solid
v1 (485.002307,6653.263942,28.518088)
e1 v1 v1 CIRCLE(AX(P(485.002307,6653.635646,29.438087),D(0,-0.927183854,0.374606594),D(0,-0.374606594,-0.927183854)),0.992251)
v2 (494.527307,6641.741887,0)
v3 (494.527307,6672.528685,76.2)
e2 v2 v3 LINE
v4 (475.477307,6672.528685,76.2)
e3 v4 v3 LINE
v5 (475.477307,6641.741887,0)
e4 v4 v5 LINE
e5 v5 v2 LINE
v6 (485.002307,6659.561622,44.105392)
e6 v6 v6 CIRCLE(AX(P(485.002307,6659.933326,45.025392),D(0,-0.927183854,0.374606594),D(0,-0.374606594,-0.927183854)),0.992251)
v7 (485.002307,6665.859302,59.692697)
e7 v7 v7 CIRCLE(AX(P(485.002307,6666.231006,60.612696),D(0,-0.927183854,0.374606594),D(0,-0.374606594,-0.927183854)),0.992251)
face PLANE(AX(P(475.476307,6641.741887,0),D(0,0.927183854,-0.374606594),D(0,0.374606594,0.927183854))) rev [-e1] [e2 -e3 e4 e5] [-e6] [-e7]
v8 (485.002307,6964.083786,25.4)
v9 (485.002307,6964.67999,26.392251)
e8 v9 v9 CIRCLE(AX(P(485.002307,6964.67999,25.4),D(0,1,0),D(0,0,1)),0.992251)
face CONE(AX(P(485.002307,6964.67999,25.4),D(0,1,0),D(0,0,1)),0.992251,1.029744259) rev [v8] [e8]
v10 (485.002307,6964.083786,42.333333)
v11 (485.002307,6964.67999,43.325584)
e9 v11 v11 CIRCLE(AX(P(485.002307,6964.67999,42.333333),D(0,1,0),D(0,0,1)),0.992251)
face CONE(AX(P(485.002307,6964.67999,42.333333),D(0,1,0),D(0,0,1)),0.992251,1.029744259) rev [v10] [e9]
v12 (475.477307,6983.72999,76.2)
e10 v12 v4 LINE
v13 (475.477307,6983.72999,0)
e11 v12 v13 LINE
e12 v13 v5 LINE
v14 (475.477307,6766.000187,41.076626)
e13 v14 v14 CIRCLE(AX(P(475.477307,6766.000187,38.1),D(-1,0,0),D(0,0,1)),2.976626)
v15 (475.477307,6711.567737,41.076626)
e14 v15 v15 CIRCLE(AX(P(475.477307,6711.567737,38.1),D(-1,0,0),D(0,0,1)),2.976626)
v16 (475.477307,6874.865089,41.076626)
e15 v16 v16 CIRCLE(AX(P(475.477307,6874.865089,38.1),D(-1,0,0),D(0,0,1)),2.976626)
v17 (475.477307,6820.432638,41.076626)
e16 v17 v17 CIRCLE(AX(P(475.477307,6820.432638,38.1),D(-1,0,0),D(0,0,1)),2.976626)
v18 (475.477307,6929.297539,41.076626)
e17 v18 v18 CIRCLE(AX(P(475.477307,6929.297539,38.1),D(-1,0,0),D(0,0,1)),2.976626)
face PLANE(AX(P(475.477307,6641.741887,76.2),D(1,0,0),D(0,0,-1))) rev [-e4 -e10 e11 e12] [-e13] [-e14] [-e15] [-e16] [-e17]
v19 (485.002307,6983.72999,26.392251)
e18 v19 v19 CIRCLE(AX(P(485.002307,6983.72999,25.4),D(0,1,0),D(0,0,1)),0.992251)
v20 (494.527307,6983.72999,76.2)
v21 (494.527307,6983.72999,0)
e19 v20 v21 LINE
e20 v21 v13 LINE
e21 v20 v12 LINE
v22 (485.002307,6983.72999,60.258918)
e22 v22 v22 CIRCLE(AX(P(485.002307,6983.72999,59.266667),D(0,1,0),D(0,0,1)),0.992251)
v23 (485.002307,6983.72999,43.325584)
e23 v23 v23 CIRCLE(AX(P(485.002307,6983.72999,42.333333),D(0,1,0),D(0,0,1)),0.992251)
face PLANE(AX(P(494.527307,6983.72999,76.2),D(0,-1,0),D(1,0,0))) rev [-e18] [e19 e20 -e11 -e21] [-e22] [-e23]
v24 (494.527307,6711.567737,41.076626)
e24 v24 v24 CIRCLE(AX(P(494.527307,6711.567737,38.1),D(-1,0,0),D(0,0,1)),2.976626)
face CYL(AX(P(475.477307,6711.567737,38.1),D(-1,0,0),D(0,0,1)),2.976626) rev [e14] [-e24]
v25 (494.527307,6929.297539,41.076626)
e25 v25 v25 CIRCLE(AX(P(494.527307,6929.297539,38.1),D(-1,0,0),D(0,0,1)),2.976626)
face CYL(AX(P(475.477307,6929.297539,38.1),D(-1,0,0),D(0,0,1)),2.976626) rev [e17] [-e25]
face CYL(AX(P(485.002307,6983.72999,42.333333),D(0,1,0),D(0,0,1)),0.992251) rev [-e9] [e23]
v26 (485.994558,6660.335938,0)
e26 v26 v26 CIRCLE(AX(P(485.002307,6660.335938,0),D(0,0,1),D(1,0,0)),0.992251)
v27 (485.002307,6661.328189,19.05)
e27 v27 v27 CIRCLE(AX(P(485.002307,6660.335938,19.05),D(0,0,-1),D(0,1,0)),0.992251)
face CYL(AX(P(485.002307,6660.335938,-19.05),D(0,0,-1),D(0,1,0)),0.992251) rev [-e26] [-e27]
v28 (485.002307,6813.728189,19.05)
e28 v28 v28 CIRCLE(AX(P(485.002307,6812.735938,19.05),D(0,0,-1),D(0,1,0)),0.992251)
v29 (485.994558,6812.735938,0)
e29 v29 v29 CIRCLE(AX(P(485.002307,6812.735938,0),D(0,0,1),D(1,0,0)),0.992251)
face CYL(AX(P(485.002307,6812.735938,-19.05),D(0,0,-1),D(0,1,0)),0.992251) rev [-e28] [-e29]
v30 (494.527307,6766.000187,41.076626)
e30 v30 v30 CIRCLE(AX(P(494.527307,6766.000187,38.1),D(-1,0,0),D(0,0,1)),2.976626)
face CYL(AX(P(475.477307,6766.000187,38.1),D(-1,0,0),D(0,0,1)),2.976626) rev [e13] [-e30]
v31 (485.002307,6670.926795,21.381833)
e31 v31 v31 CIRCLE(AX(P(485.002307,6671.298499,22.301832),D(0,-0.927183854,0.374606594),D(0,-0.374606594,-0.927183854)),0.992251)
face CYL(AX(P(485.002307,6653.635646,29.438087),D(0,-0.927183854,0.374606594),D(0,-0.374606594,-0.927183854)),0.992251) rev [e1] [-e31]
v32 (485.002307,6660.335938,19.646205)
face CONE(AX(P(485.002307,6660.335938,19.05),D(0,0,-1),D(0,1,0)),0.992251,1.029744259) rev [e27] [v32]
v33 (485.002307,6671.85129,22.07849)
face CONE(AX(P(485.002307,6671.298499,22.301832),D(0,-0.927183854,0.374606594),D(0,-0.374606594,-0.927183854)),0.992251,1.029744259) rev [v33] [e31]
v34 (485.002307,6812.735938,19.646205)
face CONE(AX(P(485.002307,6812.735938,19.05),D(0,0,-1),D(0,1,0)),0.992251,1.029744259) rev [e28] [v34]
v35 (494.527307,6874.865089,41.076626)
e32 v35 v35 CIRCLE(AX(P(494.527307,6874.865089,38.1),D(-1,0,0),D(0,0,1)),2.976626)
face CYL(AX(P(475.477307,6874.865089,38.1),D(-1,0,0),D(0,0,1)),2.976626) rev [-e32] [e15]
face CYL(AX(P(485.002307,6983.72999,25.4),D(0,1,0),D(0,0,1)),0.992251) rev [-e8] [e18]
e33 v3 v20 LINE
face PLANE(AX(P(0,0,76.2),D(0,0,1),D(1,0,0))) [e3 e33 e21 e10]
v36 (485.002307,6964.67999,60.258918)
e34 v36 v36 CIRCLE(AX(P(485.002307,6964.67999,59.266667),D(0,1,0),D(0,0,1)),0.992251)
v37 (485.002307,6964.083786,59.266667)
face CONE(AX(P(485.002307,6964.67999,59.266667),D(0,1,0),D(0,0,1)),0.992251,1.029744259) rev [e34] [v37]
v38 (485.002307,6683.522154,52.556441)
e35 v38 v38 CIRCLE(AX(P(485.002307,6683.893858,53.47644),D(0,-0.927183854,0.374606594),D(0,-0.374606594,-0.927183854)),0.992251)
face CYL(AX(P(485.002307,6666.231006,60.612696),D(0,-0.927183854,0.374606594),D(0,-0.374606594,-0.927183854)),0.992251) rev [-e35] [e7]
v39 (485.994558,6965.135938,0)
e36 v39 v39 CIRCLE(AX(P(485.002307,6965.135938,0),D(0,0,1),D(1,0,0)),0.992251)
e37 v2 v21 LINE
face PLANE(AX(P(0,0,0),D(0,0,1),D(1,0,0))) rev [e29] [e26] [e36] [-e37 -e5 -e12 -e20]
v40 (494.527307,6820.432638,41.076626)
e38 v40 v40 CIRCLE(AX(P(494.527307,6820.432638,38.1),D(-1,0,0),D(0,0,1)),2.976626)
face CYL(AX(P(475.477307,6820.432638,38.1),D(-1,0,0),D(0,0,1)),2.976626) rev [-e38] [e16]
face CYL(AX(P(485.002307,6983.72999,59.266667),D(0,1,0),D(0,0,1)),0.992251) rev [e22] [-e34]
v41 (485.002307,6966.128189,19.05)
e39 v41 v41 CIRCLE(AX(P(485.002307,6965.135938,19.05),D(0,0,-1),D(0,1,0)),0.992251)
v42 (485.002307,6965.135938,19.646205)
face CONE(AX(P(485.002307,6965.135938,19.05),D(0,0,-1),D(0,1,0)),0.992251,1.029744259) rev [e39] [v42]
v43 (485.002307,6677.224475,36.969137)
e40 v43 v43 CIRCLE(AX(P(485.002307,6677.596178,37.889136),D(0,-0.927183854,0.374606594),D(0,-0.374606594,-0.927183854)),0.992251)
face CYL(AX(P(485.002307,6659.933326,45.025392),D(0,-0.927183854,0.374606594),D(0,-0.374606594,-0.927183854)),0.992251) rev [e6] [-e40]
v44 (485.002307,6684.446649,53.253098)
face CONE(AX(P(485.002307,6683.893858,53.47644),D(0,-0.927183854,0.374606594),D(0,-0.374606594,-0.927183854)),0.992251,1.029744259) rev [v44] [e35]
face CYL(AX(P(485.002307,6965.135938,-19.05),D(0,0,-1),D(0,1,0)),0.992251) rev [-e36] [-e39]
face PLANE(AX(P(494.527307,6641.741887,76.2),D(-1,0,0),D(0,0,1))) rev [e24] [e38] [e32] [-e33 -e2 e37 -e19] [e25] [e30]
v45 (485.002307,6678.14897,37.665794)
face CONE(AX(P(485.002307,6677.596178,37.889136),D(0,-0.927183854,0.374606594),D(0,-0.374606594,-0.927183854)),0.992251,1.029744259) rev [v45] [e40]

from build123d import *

# Parameters (mm, degrees)
SKETCH1_W                            = 19.05
SKETCH1_H                            = 341.988103331
BOSS_EXTRUDE1_DEPTH                  = 76.2
CUT_EXTRUDE1_REACH                   = 21.05
F_5_64_0_07813_DIAMETER_HOLE1_D      = 1.984502
F_5_64_0_07813_DIAMETER_HOLE1_DEPTH  = 38.1
F_5_64_0_07813_DIAMETER_HOLE1_TIP    = 0.59620455
F_5_64_0_07813_DIAMETER_HOLE2_D      = 1.984502
F_5_64_0_07813_DIAMETER_HOLE2_DEPTH  = 38.1
F_5_64_0_07813_DIAMETER_HOLE2_TIP    = 0.59620455
F_5_64_0_07813_DIAMETER_HOLE3_D      = 1.984502
F_5_64_0_07813_DIAMETER_HOLE3_DEPTH  = 19.05
F_5_64_0_07813_DIAMETER_HOLE3_TIP    = 0.59620455
F_5_64_0_07813_DIAMETER_HOLE4_D      = 1.984502
F_5_64_0_07813_DIAMETER_HOLE4_DEPTH  = 19.05
F_5_64_0_07813_DIAMETER_HOLE4_TIP    = 0.59620455
F_15_64_0_23438_DIAMETER_HOLE1_D     = 5.953252
F_15_64_0_23438_DIAMETER_HOLE1_DEPTH = 19.05


with BuildPart() as part:
    # Sketch1 → Boss-Extrude1 (new body)
    with BuildSketch(Plane.XY):
        with Locations((485.002307398, 6812.735938475)):
            Rectangle(SKETCH1_W, SKETCH1_H)
    extrude(amount=BOSS_EXTRUDE1_DEPTH)

    # Sketch2 → Cut-Extrude1 (cut, up to next)
    with BuildSketch(Plane(origin=(494.527307398, 0, 0), x_dir=(0, 0, -1), z_dir=(1, 0, 0)), mode=Mode.PRIVATE) as cut_extrude1_sk1:
        Polygon((0, 6641.741886809), (-76.2, 6672.528685257), (-76.2, 6641.741886809), align=None)
    cut_extrude1_tool1 = extrude(cut_extrude1_sk1.sketch, amount=-CUT_EXTRUDE1_REACH, mode=Mode.PRIVATE) & part.part
    add(cut_extrude1_tool1.solids().sort_by_distance((494.527307, 6652.004153, 50.8))[0], mode=Mode.SUBTRACT)

    # 5/64 (0.07813) Diameter Hole1
    with Locations(Plane(origin=(0, -8e-09, -19.049996974), x_dir=(-1, 0, 0), z_dir=(0, 0, -1))):
        with Locations((-481.589248274, 6993.254992531), (-386.339248274, 6993.254992531), (-291.089248274, 6993.254992531), (-295.274999999, 6965.135938475), (-295.274999999, 6812.735938475), (-295.274999999, 6660.335938474), (-285.166362357, 6631.468843414), (-475.477307398, 6631.468752771), (-485.002307398, 6660.335938474), (-485.002307398, 6812.735938474), (-485.002307398, 6965.135938474), (-478.365617646, 6611.6708), (-287.865617646, 6611.6708), (-307.975, 6564.3379), (-307.975, 6488.1379), (-284.960913066, 6440.805), (-380.210913066, 6440.805), (-475.460913066, 6440.805), (-446.831312422, 6488.1379), (-446.831312422, 6564.3379), (-472.231312422, 6396.355), (-472.231312422, 6320.155), (-472.653156211, 6275.705000839), (-377.403156211, 6275.705000839), (-282.153156211, 6275.705000839), (-282.575, 6320.155), (-282.575, 6396.355), (-435.598646187, 6221.729999816), (-435.598646187, 6145.529999816), (-450.592518112, 6091.554999951), (-460.998646187, 6091.555478285), (-460.998646187, 6056.629999944), (-460.998646187, 5980.429999944), (-460.998646187, 5945.505000042), (-282.153156211, 5945.505000042), (-368.611823093, 5945.505000042)):
            Hole(F_5_64_0_07813_DIAMETER_HOLE1_D / 2, depth=F_5_64_0_07813_DIAMETER_HOLE1_DEPTH)
            with Locations((0, 0, -(F_5_64_0_07813_DIAMETER_HOLE1_DEPTH + F_5_64_0_07813_DIAMETER_HOLE1_TIP / 2))):  # 118° drill point
                Cone(0, F_5_64_0_07813_DIAMETER_HOLE1_D / 2, F_5_64_0_07813_DIAMETER_HOLE1_TIP, mode=Mode.SUBTRACT)

    # 5/64 (0.07813) Diameter Hole2
    with Locations(Plane(origin=(189.727307399, 0, -19.050000054), x_dir=(-1, 0, 0), z_dir=(0, 0, -1))):
        with Locations((-481.589248274, 6993.254992531), (-386.339248274, 6993.254992531), (-291.089248274, 6993.254992531), (-295.274999999, 6965.135938475), (-295.274999999, 6812.735938475), (-295.274999999, 6660.335938474), (-285.166362357, 6631.468843414), (-475.477307398, 6631.468752771), (-485.002307398, 6660.335938474), (-485.002307398, 6812.735938474), (-485.002307398, 6965.135938474), (-478.365617646, 6611.6708), (-287.865617646, 6611.6708), (-307.975, 6564.3379), (-307.975, 6488.1379), (-284.960913066, 6440.805), (-380.210913066, 6440.805), (-475.460913066, 6440.805), (-446.831312422, 6488.1379), (-446.831312422, 6564.3379), (-472.231312422, 6396.355), (-472.231312422, 6320.155), (-472.653156211, 6275.705000839), (-377.403156211, 6275.705000839), (-282.153156211, 6275.705000839), (-282.575, 6320.155), (-282.575, 6396.355), (-435.598646187, 6221.729999816), (-435.598646187, 6145.529999816), (-450.592518112, 6091.554999951), (-460.998646187, 6091.555478285), (-460.998646187, 6056.629999944), (-460.998646187, 5980.429999944), (-460.998646187, 5945.505000042), (-282.153156211, 5945.505000042), (-368.611823093, 5945.505000042)):
            Hole(F_5_64_0_07813_DIAMETER_HOLE2_D / 2, depth=F_5_64_0_07813_DIAMETER_HOLE2_DEPTH)
            with Locations((0, 0, -(F_5_64_0_07813_DIAMETER_HOLE2_DEPTH + F_5_64_0_07813_DIAMETER_HOLE2_TIP / 2))):  # 118° drill point
                Cone(0, F_5_64_0_07813_DIAMETER_HOLE2_D / 2, F_5_64_0_07813_DIAMETER_HOLE2_TIP, mode=Mode.SUBTRACT)

    # 5/64 (0.07813) Diameter Hole3
    with Locations(Plane(origin=(-4e-09, 6983.72999014, 0), x_dir=(1, 0, 0), z_dir=(0, 1, 0))):
        with Locations((485.002307402, -59.266666667), (485.002307402, -25.4), (485.002307402, -42.333333333)):
            Hole(F_5_64_0_07813_DIAMETER_HOLE3_D / 2, depth=F_5_64_0_07813_DIAMETER_HOLE3_DEPTH)
            with Locations((0, 0, -(F_5_64_0_07813_DIAMETER_HOLE3_DEPTH + F_5_64_0_07813_DIAMETER_HOLE3_TIP / 2))):  # 118° drill point
                Cone(0, F_5_64_0_07813_DIAMETER_HOLE3_D / 2, F_5_64_0_07813_DIAMETER_HOLE3_TIP, mode=Mode.SUBTRACT)

    # 5/64 (0.07813) Diameter Hole4
    with Locations(Plane(origin=(0, 5709.705582748, -2306.870800158), x_dir=(-1, 0, 0), z_dir=(0, -0.927183854, 0.374606594))):
        with Locations((-485.002307398, -2519.790305282), (-485.002307398, -2553.413203553), (-485.002307398, -2536.601754417)):
            Hole(F_5_64_0_07813_DIAMETER_HOLE4_D / 2, depth=F_5_64_0_07813_DIAMETER_HOLE4_DEPTH)
            with Locations((0, 0, -(F_5_64_0_07813_DIAMETER_HOLE4_DEPTH + F_5_64_0_07813_DIAMETER_HOLE4_TIP / 2))):  # 118° drill point
                Cone(0, F_5_64_0_07813_DIAMETER_HOLE4_D / 2, F_5_64_0_07813_DIAMETER_HOLE4_TIP, mode=Mode.SUBTRACT)

    # 15/64 (0.23438) Diameter Hole1
    with Locations(Plane.ZY.offset(-475.477307398)):
        with Locations((38.1, 6711.567736717), (38.1, 6929.297539455), (38.1, 6874.865088771), (38.1, 6820.432638086), (38.1, 6766.000187402)):
            Hole(F_15_64_0_23438_DIAMETER_HOLE1_D / 2, depth=F_15_64_0_23438_DIAMETER_HOLE1_DEPTH)


solid = part.part
